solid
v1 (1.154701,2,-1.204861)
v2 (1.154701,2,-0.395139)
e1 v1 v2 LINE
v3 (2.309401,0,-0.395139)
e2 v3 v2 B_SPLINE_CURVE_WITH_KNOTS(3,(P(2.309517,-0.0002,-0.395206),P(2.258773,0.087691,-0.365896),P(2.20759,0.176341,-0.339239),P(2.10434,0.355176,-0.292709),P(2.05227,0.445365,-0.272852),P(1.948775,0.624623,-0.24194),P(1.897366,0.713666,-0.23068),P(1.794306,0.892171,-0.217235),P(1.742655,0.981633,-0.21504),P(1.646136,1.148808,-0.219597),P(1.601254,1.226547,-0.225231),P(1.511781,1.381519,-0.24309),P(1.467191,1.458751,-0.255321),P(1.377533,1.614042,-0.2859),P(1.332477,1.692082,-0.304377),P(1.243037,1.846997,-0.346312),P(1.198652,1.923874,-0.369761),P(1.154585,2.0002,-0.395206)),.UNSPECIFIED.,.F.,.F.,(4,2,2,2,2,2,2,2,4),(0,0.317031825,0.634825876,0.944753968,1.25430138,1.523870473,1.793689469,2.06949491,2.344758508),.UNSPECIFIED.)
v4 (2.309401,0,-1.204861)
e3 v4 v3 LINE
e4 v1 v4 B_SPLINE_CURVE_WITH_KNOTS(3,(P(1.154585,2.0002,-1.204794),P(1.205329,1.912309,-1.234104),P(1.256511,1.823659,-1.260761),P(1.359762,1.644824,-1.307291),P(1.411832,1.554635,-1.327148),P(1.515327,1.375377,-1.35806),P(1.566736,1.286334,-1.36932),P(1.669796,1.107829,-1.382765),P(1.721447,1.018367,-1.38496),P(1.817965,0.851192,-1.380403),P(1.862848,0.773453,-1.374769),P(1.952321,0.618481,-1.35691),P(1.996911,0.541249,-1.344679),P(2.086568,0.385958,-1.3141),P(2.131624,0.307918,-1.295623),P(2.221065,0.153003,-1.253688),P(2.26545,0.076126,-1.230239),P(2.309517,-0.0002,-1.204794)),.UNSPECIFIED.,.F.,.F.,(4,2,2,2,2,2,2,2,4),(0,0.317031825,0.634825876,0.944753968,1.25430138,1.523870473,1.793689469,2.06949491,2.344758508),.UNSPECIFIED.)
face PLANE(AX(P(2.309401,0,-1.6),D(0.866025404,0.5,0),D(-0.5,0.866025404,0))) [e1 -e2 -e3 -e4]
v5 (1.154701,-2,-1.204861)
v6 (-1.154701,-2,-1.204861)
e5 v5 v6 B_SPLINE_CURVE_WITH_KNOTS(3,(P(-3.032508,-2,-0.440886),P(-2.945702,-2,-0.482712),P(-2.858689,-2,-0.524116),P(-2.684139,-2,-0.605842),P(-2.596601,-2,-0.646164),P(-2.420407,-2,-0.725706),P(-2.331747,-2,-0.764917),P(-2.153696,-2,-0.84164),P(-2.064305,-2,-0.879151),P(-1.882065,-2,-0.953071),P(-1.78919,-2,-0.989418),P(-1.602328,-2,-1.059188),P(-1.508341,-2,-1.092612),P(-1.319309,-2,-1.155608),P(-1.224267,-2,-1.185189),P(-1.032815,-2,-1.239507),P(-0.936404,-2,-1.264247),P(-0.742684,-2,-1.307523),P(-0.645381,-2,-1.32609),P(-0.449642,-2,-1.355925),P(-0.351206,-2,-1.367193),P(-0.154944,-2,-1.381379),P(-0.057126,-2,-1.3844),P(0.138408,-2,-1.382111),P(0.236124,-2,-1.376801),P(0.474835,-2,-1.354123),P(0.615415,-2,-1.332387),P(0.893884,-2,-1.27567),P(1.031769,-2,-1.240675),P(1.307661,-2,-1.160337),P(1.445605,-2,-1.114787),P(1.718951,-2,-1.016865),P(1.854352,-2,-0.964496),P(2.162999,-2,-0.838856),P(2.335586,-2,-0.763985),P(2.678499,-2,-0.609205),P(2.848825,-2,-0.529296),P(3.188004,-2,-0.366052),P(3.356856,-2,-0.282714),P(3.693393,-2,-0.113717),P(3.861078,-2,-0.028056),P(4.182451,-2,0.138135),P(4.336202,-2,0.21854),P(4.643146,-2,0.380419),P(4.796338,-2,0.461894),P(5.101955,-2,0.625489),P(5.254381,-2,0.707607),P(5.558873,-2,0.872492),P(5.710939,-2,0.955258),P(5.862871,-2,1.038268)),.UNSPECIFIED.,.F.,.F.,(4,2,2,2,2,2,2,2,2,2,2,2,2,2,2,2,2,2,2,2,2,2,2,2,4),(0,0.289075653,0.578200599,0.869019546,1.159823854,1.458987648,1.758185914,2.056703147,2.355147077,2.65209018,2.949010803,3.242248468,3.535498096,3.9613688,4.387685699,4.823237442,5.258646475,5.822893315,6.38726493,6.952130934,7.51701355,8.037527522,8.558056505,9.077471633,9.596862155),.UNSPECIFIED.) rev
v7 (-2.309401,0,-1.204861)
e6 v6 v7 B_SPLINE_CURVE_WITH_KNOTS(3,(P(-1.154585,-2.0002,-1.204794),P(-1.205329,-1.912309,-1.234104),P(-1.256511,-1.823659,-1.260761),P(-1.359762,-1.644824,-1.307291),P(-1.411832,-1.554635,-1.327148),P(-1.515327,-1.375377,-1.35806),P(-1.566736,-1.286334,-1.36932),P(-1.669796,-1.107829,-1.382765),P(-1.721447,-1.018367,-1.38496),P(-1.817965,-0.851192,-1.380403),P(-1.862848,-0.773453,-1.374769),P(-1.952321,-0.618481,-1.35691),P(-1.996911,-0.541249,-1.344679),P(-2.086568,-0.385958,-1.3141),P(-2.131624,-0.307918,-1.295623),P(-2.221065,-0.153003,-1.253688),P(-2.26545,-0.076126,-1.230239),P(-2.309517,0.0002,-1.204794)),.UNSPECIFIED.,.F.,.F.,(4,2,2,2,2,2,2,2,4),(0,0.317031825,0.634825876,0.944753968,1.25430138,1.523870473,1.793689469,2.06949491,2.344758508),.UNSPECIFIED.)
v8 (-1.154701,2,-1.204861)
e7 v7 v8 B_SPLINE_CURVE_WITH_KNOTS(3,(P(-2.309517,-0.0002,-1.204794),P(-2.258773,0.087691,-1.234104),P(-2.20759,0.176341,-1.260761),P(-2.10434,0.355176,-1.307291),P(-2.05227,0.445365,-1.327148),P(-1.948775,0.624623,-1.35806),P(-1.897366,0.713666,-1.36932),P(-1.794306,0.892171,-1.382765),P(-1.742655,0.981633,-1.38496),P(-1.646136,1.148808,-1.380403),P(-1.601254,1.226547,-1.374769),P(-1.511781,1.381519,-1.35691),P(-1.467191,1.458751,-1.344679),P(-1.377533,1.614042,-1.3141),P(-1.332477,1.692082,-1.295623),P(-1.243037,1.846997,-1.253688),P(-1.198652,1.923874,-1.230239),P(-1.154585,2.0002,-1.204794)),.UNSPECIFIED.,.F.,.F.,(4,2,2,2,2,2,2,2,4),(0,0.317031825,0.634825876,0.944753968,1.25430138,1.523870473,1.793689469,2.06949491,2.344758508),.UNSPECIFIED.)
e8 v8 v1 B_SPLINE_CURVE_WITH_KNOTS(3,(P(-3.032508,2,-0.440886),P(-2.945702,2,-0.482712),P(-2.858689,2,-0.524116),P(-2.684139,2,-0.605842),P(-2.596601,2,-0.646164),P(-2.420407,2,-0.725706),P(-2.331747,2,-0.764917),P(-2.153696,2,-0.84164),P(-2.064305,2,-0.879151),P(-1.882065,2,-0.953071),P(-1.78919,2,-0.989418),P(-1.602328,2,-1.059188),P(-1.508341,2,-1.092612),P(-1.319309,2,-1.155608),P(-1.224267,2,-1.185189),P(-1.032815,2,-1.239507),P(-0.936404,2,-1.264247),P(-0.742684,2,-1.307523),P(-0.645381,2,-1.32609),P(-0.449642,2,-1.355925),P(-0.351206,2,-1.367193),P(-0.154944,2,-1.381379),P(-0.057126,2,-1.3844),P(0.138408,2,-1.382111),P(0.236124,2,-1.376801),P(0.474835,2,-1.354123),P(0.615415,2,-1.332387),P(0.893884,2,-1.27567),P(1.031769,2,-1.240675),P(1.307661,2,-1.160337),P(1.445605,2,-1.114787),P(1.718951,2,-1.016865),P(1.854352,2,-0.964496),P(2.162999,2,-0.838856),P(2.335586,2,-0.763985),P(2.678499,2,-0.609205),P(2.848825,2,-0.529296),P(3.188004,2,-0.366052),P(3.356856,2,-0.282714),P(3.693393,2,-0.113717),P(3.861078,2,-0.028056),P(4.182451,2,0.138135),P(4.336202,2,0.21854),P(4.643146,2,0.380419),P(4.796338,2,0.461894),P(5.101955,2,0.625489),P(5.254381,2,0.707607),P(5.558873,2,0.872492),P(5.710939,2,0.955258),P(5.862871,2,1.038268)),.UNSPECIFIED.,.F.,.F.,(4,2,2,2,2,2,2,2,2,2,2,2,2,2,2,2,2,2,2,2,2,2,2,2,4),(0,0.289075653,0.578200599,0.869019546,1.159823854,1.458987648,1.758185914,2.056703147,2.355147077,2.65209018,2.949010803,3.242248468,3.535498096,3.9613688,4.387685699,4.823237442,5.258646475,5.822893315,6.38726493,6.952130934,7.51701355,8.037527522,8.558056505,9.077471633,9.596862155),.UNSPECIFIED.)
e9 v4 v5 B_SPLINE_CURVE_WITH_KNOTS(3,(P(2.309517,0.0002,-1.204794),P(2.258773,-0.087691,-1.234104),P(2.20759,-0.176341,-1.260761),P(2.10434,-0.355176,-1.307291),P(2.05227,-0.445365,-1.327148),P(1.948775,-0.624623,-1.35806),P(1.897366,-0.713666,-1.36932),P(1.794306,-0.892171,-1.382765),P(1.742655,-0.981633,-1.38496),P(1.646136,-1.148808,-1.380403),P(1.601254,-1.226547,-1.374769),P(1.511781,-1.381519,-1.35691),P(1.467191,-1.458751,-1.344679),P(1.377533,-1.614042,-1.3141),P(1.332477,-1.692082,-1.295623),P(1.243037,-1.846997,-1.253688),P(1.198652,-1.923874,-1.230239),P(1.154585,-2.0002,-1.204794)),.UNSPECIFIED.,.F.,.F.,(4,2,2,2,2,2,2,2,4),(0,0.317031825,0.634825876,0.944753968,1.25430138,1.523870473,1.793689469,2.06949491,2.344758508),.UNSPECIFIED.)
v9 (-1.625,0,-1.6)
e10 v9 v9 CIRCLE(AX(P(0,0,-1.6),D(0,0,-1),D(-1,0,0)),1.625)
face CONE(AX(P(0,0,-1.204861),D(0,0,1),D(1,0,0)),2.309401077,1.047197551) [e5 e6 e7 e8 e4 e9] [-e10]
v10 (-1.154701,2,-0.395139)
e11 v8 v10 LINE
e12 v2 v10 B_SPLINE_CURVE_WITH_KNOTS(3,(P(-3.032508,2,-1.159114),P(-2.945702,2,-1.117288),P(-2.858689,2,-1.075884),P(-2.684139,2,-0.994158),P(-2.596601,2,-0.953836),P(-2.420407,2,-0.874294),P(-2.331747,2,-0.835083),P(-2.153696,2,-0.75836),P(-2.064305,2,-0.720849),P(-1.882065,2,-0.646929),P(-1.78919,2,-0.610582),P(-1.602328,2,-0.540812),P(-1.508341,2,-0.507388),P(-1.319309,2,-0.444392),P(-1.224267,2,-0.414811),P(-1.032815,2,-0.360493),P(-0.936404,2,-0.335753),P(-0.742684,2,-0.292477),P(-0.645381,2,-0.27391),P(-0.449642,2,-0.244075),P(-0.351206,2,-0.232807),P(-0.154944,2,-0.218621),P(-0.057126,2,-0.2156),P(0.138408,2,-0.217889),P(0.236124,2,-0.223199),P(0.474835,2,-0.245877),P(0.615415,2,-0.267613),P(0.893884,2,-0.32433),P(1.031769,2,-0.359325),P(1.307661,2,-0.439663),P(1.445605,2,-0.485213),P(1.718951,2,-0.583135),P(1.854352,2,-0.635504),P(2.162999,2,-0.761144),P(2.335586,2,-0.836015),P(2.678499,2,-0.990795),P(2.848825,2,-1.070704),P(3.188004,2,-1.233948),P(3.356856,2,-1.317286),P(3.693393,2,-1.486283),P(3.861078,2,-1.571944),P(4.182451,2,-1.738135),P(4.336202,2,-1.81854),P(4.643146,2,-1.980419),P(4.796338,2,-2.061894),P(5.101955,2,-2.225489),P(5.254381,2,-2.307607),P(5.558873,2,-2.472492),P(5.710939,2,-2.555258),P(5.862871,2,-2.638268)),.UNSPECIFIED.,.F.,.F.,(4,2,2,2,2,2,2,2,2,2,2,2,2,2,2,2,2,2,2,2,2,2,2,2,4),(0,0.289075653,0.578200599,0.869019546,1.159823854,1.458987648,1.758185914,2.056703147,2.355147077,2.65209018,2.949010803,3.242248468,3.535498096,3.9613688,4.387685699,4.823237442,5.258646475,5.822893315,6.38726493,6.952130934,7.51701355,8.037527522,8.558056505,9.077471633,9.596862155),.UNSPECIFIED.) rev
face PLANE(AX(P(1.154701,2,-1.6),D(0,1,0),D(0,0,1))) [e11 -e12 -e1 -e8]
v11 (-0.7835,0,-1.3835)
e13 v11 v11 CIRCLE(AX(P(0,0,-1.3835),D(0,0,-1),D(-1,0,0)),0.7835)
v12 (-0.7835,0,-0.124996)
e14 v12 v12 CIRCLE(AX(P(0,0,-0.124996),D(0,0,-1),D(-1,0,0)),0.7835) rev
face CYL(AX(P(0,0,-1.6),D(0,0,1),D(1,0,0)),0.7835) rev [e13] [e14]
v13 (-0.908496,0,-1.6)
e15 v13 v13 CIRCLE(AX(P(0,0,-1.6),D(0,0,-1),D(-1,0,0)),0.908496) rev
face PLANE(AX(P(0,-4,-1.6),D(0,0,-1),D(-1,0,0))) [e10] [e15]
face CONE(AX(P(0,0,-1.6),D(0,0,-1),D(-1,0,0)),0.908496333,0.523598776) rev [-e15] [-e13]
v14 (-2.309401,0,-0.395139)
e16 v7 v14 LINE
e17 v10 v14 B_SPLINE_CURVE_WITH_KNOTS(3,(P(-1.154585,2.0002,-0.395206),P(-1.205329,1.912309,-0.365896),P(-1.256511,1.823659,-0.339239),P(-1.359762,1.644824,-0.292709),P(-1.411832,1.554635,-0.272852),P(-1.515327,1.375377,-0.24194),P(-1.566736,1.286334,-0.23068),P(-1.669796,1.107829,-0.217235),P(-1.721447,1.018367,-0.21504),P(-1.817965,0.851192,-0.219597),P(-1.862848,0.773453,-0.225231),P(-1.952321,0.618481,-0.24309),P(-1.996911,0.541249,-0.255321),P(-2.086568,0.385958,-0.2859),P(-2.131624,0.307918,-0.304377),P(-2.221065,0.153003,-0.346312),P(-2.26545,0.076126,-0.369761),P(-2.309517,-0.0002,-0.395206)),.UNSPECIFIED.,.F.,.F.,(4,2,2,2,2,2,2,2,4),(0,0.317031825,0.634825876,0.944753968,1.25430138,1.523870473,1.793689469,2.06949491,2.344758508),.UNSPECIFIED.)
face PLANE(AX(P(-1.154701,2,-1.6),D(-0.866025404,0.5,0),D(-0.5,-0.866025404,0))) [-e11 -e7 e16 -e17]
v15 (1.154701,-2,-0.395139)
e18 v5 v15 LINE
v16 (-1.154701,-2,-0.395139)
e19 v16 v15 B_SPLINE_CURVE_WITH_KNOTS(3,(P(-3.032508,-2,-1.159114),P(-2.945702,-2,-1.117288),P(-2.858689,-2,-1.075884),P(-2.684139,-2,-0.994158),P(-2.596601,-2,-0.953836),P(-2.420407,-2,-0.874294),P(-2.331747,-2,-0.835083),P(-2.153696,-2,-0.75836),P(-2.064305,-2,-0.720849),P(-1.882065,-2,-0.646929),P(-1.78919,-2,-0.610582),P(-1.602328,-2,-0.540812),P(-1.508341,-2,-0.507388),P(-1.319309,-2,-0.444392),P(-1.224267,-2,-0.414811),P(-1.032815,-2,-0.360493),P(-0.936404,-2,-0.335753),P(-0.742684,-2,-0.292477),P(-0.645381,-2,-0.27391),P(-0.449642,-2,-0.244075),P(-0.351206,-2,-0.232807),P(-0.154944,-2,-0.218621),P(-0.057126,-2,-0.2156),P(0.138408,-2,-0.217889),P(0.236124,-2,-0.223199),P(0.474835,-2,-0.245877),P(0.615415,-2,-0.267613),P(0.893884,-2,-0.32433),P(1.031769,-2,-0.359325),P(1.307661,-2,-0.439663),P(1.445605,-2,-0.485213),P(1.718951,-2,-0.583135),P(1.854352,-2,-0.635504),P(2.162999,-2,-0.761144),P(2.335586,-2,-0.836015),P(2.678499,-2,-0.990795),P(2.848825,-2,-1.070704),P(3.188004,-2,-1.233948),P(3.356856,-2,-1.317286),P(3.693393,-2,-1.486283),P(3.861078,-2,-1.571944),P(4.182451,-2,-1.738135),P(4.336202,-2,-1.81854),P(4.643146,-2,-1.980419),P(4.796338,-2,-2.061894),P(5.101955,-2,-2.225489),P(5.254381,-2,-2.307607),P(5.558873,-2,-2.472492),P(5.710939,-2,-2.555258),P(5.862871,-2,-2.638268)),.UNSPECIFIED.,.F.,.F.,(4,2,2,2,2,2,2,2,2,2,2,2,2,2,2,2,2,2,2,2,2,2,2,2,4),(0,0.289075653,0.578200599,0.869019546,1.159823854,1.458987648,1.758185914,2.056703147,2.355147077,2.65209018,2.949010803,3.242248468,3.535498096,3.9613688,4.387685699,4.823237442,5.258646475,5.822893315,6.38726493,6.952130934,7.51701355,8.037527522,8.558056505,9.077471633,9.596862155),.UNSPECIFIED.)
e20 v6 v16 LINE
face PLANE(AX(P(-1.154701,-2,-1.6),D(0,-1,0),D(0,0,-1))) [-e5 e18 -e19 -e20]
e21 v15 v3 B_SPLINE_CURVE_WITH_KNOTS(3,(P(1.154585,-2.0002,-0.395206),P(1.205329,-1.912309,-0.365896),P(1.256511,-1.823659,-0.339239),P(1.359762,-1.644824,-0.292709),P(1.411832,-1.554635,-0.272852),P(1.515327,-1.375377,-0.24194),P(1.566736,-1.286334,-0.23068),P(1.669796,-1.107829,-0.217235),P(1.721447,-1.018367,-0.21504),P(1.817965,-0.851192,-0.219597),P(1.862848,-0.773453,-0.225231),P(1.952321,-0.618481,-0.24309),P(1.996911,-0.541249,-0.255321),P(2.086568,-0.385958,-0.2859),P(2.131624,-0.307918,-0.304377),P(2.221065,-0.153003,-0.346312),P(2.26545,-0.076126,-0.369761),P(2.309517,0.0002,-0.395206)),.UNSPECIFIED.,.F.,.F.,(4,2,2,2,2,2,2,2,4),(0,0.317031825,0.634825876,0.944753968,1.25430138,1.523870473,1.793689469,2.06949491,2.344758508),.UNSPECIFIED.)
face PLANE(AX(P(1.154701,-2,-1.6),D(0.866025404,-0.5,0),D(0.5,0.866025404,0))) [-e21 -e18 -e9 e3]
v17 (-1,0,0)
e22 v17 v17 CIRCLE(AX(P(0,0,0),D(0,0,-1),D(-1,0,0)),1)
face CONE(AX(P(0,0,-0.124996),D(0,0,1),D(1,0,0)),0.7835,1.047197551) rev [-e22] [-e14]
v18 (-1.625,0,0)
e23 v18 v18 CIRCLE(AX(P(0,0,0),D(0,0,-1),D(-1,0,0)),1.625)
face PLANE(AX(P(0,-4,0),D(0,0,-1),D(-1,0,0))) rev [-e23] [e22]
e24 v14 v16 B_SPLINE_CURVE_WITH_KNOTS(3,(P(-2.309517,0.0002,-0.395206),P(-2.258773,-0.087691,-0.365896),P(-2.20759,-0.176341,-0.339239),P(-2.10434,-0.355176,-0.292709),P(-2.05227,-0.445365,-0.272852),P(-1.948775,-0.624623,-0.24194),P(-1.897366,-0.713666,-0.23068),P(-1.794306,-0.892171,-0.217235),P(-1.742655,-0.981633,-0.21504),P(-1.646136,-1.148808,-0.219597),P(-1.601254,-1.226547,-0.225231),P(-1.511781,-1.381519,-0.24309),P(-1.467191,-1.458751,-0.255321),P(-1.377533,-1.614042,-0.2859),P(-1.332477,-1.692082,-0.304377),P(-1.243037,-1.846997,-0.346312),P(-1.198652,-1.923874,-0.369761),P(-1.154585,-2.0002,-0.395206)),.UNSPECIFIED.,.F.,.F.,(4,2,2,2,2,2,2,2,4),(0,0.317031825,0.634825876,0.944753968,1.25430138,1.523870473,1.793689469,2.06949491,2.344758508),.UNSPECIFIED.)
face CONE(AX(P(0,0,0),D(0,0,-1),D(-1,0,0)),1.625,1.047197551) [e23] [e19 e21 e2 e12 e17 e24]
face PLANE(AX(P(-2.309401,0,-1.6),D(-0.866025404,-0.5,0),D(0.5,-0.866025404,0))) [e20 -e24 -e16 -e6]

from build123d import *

# Parameters (mm, degrees)
SKETCH1_R               = 0.7835
BASENUT_DEPTH           = 1.6
ENDCHAMFER_SIZE         = 0.2165
ENDCHAMFER_SIZE2        = 0.124996333
ENDCHAMFER_PART_2_SIZE  = 0.2165
ENDCHAMFER_PART_2_SIZE2 = 0.124996333


with BuildPart() as part:
    # Sketch1 → BaseNut (new body)
    with BuildSketch(Plane.XY):
        Polygon((2.309401077, 0), (1.154700538, 2), (-1.154700538, 2), (-2.309401077, 0), (-1.154700538, -2), (1.154700538, -2), align=None)
        Circle(SKETCH1_R, mode=Mode.SUBTRACT)
    extrude(amount=-BASENUT_DEPTH)

    # Sketch2 → Double-Chamfer (revolve, cut)
    with BuildSketch(Plane(origin=(0, 0, 0), x_dir=(1, 0, 0), z_dir=(0, 1, 0))):
        Polygon((-2.309401077, 1.6), (-1.625, 1.6), (-2.309401077, 1.204860854), align=None)
        Polygon((-2.309401077, 0.395139146), (-2.309401077, 0), (-1.625, 0), align=None)
    revolve(axis=Axis((0, 0, -3.375940562), (0, 0, 1)), mode=Mode.SUBTRACT)

    # EndChamfer
    endchamfer_edges = [part.edges().sort_by_distance(p)[0] for p in [
        (-0.7835, 0, -1.6),
    ]]
    endchamfer_side = [part.faces().sort_by_distance(p)[0] for p in [
        (-0.7835, 0, -0.8),
    ]]
    chamfer(endchamfer_edges, length=ENDCHAMFER_SIZE, length2=ENDCHAMFER_SIZE2, reference=endchamfer_side[0])

    # EndChamfer part 2
    endchamfer_part_2_edges = [part.edges().sort_by_distance(p)[0] for p in [
        (-0.7835, 0, 0),
    ]]
    endchamfer_part_2_side = [part.faces().sort_by_distance(p)[0] for p in [
        (1.579038059, 0, 0),
    ]]
    chamfer(endchamfer_part_2_edges, length=ENDCHAMFER_PART_2_SIZE, length2=ENDCHAMFER_PART_2_SIZE2, reference=endchamfer_part_2_side[0])


solid = part.part
